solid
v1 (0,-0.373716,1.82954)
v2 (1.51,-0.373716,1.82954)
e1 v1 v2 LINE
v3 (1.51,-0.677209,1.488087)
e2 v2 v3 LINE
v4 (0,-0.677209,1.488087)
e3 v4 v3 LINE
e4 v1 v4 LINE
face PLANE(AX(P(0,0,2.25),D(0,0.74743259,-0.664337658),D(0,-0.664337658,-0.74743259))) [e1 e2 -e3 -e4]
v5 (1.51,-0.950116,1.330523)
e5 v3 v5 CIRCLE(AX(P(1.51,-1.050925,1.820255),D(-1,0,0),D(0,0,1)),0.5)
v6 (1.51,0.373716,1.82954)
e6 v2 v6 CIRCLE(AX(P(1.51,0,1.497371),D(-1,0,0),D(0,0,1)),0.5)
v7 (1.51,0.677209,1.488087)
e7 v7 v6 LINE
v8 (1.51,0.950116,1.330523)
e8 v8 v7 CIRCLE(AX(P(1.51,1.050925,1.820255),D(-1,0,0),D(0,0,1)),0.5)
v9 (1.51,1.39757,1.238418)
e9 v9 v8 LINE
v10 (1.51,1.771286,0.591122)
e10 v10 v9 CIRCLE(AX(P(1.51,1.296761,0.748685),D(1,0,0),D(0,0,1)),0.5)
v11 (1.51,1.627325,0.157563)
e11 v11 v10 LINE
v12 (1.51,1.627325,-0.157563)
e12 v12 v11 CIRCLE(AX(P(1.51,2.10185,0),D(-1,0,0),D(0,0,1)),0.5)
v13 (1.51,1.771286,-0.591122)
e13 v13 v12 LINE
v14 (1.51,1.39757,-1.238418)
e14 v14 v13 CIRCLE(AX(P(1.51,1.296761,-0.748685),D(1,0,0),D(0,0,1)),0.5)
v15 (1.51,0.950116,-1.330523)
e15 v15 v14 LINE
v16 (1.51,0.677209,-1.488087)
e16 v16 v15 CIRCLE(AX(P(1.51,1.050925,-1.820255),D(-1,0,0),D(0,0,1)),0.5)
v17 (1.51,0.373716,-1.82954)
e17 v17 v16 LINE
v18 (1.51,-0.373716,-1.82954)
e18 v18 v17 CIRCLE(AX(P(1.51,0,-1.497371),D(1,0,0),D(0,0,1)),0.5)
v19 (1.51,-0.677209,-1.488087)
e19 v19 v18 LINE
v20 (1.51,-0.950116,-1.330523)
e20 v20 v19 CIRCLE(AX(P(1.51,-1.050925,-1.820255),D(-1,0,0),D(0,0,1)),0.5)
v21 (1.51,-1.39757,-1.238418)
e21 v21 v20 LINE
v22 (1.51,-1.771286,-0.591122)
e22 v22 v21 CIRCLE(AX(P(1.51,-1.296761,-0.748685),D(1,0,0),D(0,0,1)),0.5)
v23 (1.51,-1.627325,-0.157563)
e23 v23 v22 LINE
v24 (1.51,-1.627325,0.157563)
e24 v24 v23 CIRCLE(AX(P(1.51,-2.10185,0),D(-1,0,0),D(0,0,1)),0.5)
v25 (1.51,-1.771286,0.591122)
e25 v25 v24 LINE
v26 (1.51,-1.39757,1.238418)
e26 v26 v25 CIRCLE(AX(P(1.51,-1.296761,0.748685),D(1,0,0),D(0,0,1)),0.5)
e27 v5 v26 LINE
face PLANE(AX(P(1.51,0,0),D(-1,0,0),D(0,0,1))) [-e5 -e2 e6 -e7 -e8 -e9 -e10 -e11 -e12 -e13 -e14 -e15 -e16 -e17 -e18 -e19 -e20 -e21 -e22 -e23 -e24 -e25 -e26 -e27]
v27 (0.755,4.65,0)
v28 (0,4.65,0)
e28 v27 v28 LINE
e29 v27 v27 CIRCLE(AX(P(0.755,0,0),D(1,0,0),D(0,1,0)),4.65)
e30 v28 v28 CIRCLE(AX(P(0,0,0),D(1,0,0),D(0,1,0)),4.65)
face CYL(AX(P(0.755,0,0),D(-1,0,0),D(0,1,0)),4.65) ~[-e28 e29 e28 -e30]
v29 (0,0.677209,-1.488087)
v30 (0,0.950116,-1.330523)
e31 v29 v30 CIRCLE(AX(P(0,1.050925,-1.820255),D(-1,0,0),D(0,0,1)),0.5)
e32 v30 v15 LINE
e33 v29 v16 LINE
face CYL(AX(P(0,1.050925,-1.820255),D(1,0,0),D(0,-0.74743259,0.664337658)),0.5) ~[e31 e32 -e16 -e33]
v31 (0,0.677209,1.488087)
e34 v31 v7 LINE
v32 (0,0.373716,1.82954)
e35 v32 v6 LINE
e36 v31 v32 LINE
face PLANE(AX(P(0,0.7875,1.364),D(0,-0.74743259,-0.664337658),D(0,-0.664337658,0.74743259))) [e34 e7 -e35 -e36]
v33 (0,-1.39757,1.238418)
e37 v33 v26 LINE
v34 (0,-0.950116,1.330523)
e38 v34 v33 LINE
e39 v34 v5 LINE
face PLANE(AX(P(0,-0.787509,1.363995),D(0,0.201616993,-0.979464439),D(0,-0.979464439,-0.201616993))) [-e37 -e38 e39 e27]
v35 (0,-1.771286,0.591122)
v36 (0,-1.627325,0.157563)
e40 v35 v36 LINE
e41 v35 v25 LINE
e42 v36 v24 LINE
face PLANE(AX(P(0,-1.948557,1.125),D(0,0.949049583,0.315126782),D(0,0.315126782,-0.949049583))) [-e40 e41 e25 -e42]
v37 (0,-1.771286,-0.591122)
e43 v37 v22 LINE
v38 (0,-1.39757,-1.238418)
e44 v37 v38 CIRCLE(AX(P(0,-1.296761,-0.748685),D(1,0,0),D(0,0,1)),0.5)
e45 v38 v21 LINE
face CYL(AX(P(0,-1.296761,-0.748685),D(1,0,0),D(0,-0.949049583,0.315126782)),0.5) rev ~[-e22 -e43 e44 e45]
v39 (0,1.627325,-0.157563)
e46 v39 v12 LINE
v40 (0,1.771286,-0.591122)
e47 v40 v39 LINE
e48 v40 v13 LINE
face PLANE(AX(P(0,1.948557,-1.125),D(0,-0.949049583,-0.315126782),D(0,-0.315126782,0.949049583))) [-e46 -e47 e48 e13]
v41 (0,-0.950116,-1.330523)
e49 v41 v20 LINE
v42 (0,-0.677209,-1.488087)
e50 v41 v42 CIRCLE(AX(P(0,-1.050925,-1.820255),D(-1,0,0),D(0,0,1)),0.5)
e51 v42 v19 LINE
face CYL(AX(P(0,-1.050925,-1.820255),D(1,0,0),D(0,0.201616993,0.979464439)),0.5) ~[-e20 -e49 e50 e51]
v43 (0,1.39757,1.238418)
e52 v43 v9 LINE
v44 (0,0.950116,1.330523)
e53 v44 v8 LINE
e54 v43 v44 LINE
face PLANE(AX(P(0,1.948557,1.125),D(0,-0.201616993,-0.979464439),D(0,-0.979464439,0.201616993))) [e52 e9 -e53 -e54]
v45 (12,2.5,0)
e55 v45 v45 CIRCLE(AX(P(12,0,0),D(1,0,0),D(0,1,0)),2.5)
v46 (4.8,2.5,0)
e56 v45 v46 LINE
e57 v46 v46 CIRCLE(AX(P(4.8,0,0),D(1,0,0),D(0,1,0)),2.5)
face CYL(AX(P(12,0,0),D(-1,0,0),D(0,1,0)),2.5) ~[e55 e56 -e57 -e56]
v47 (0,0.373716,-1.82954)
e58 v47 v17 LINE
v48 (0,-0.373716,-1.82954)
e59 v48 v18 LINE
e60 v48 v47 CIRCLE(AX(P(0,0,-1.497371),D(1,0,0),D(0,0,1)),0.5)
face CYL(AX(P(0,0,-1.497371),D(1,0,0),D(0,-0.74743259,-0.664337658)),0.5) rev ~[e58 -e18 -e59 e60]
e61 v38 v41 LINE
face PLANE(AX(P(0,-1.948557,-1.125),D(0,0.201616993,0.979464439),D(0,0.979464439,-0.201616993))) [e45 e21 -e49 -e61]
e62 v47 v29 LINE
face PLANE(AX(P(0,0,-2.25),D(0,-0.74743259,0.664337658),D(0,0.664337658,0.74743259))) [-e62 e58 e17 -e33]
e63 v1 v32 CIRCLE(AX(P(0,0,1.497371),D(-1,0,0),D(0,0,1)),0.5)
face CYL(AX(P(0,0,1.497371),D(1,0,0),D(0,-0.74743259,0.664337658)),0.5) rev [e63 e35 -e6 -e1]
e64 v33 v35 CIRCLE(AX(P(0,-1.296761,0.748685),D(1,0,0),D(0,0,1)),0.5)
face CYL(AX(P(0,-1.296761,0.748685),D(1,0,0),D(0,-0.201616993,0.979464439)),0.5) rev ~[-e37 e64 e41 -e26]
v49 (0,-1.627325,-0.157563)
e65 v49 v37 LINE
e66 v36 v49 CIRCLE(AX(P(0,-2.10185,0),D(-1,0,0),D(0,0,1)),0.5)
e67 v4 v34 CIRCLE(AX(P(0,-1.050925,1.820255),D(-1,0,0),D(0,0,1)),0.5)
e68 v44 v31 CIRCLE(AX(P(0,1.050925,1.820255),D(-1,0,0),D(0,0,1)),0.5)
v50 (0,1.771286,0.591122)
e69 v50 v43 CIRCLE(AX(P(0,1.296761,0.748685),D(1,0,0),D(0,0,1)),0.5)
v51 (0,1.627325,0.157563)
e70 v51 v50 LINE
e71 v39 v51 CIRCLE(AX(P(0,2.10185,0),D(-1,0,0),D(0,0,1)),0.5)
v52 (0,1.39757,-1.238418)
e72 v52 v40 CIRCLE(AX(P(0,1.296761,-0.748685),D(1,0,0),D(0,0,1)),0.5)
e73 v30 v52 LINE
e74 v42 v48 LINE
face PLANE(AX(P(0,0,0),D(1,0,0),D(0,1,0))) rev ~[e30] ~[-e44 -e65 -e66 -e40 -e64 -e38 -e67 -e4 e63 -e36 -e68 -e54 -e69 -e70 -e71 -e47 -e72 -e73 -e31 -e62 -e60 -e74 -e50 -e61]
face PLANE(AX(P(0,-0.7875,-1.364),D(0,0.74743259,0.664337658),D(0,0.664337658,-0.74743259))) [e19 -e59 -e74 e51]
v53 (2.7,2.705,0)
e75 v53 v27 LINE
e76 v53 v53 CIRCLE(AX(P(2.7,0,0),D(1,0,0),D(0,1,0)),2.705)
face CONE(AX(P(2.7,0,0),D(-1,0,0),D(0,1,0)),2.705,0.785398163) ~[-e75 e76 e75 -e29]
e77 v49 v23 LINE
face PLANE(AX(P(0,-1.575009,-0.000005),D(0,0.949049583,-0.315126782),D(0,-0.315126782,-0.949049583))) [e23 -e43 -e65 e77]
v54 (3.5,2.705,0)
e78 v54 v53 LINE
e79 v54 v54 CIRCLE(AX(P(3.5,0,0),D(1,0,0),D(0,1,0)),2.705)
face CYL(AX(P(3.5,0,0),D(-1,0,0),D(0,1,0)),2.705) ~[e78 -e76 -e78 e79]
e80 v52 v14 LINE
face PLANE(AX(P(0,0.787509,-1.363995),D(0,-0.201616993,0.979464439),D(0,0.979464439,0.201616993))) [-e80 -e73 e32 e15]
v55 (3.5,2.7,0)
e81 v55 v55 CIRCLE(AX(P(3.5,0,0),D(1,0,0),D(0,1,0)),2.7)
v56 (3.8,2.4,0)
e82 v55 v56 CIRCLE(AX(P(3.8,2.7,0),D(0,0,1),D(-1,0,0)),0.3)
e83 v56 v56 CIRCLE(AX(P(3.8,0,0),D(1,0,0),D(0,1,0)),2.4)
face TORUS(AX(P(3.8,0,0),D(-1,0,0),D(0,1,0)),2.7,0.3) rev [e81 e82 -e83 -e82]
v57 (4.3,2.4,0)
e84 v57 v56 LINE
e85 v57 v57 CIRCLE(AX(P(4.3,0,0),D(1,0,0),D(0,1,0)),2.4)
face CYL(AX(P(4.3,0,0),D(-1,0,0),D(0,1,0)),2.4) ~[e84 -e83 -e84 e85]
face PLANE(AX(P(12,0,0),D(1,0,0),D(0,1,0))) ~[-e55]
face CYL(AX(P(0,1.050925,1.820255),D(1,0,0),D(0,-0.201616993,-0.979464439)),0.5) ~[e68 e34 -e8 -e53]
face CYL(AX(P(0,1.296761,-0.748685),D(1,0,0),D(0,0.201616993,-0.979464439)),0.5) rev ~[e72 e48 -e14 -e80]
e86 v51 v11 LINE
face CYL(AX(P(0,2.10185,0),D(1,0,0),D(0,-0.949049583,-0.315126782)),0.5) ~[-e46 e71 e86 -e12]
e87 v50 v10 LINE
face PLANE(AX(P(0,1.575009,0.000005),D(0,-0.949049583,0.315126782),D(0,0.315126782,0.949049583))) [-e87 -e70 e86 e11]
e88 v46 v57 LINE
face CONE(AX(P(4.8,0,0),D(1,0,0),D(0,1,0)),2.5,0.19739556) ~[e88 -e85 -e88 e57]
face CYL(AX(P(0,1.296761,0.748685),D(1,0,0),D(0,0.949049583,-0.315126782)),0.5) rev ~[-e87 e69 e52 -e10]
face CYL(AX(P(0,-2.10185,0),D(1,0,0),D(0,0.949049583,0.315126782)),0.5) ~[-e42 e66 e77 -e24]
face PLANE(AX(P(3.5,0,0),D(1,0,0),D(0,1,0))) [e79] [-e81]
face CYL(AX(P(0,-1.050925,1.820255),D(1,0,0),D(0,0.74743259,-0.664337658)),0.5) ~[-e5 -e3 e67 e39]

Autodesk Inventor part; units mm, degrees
ref_plane "YZ Plane" through (0, 0, 0) normal (1, 0, 0) x (0, 1, 0)
ref_plane "XZ Plane" through (0, 0, 0) normal (0, 1, 0) x (-1, 0, 0)
ref_plane "XY Plane" through (0, 0, 0) normal (0, 0, 1) x (1, 0, 0)
sketch "Sketch1" plane through (0, 0, 0) normal (0, 0, 1) x (1, 0, 0)
  line L0 (0, 0) -> (12, 0)
  line L1 (12, 0) -> (12, 2.5)
  line L2 (12, 2.5) -> (4.8, 2.5)
  line L3 (4.8, 2.5) -> (4.3, 2.4)
  line L4 (4.3, 2.4) -> (3.8, 2.4)
  line L5 (3.5, 2.705) -> (2.7, 2.705)
  line L6 (2.7, 2.705) -> (0.755, 4.65)
  line L7 (0.755, 4.65) -> (0, 4.65)
  line L8 (0, 4.65) -> (0, 0)
  line L9 (3.5, 2.705) -> (3.5, 2.7)
  arc A0 (3.5, 2.7) -> (3.8, 2.4) centre (3.8, 2.7) ccw
  dimension "d17" = 12
  dimension "d18" = 0.755
  dimension "d19" = 2.7
  dimension "d20" = 0.8
  dimension "d21" = 9.3
  dimension "d22" = 5
  dimension "d23" = 4.8
  dimension "d25" = 45
  dimension "d26" = 0.5
  dimension "d28" = 0.3
  dimension "d29" = 7.2
  dimension "d30" = 0.3
  dimension "d52" = 2.1
revolve "Revolution1" add sketch "Sketch1" angle 360 about axis through (0, 0, 0) along (1, 0, 0)
thread "Thread1" size "M5x0.8" class "6g" standard "ISO Metric profile" length 7.2
sketch "Sketch2" plane through (0, 0, 0) normal (-1, 0, 0) x (0, 0, 1)
  circle A0 centre (0, 0) radius 2.25 construction
  circle A1 centre (0, 0) radius 1.575 construction
  line L0 (0, 0) -> (1.364, 0.7875)
  line L1 (0, 0) -> (1.575, 0) construction
  line L2 (0, 0) -> (1.364, -0.7875)
  line L3 (0, 0) -> (1.575, 0) construction
  line L4 (1.364, 0.7875) -> (2.25, 0)
  line L5 (2.25, 0) -> (1.364, -0.7875)
  line L6 (-6.51, 0) -> (6.51, 0) projected
  dimension "d34" = 4.5
  dimension "d35" = 3.15
  dimension "d39" = 30
  dimension "d40" = 330
extrude "Extrusion1" cut sketch "Sketch2" against normal blind 1.51
pattern_circular "Circular Pattern1" count 6 over 360 about axis through (-10, 0, 0) along (1, 0, 0) of "Extrusion1"
fillet "Fillet1" radius 0.5 12 edges at (0.755, 0.7875, 1.364) (0.755, 0, 2.25) (0.755, -0.7875, 1.364) (0.755, -1.575, 0) (0.755, -1.9486, 1.125) (0.755, -1.9486, -1.125) (0.755, -0.7875, -1.364) (0.755, 0, -2.25) (0.755, 0.7875, -1.364) (0.755, 1.9486, -1.125) (0.755, 1.575, 0) (0.755, 1.9486, 1.125)
equation "\"d17\" = l_"
equation "\"d18\" = 0.5 * t"
equation "\"d19\" = k"
equation "\"d20\" = shldr"
equation "\"d21\" = dk"
equation "\"d22\" = d"
equation "\"d23\" = ds_"
equation "\"d25\" = 0.5 * headAngle"
equation "\"d26\" = x"
equation "\"d28\" = r"
equation "\"d29\" = b"
equation "\"d32\" = b"
equation "\"d34\" = A_"
equation "\"d35\" = 0.7 * A_"
equation "\"d43\" = t"
equation "\"d48\" = v"
equation "\"A_\" = 4.5"
equation "\"t\" = 1.51"
equation "\"v\" = 0.1 * d"
equation "\"dk\" = 9.3"
equation "\"k\" = 2.7"
equation "\"l_\" = 12"
equation "\"shldr\" = 0.8"
equation "\"d\" = 5"
equation "\"p\" = 0.8"
equation "\"x\" = 0.5"
equation "\"ds_\" = 0.96 * d"
equation "\"headAngle\" = 90deg"
equation "\"c_\" = 0.35 * v"
equation "\"r\" = 0.3"
equation "\"b\" = 7.2"
properties part number "Senkkopfschraube mit Innenrund ISO 14581 - M5x12-4.8" material "Stahl"
